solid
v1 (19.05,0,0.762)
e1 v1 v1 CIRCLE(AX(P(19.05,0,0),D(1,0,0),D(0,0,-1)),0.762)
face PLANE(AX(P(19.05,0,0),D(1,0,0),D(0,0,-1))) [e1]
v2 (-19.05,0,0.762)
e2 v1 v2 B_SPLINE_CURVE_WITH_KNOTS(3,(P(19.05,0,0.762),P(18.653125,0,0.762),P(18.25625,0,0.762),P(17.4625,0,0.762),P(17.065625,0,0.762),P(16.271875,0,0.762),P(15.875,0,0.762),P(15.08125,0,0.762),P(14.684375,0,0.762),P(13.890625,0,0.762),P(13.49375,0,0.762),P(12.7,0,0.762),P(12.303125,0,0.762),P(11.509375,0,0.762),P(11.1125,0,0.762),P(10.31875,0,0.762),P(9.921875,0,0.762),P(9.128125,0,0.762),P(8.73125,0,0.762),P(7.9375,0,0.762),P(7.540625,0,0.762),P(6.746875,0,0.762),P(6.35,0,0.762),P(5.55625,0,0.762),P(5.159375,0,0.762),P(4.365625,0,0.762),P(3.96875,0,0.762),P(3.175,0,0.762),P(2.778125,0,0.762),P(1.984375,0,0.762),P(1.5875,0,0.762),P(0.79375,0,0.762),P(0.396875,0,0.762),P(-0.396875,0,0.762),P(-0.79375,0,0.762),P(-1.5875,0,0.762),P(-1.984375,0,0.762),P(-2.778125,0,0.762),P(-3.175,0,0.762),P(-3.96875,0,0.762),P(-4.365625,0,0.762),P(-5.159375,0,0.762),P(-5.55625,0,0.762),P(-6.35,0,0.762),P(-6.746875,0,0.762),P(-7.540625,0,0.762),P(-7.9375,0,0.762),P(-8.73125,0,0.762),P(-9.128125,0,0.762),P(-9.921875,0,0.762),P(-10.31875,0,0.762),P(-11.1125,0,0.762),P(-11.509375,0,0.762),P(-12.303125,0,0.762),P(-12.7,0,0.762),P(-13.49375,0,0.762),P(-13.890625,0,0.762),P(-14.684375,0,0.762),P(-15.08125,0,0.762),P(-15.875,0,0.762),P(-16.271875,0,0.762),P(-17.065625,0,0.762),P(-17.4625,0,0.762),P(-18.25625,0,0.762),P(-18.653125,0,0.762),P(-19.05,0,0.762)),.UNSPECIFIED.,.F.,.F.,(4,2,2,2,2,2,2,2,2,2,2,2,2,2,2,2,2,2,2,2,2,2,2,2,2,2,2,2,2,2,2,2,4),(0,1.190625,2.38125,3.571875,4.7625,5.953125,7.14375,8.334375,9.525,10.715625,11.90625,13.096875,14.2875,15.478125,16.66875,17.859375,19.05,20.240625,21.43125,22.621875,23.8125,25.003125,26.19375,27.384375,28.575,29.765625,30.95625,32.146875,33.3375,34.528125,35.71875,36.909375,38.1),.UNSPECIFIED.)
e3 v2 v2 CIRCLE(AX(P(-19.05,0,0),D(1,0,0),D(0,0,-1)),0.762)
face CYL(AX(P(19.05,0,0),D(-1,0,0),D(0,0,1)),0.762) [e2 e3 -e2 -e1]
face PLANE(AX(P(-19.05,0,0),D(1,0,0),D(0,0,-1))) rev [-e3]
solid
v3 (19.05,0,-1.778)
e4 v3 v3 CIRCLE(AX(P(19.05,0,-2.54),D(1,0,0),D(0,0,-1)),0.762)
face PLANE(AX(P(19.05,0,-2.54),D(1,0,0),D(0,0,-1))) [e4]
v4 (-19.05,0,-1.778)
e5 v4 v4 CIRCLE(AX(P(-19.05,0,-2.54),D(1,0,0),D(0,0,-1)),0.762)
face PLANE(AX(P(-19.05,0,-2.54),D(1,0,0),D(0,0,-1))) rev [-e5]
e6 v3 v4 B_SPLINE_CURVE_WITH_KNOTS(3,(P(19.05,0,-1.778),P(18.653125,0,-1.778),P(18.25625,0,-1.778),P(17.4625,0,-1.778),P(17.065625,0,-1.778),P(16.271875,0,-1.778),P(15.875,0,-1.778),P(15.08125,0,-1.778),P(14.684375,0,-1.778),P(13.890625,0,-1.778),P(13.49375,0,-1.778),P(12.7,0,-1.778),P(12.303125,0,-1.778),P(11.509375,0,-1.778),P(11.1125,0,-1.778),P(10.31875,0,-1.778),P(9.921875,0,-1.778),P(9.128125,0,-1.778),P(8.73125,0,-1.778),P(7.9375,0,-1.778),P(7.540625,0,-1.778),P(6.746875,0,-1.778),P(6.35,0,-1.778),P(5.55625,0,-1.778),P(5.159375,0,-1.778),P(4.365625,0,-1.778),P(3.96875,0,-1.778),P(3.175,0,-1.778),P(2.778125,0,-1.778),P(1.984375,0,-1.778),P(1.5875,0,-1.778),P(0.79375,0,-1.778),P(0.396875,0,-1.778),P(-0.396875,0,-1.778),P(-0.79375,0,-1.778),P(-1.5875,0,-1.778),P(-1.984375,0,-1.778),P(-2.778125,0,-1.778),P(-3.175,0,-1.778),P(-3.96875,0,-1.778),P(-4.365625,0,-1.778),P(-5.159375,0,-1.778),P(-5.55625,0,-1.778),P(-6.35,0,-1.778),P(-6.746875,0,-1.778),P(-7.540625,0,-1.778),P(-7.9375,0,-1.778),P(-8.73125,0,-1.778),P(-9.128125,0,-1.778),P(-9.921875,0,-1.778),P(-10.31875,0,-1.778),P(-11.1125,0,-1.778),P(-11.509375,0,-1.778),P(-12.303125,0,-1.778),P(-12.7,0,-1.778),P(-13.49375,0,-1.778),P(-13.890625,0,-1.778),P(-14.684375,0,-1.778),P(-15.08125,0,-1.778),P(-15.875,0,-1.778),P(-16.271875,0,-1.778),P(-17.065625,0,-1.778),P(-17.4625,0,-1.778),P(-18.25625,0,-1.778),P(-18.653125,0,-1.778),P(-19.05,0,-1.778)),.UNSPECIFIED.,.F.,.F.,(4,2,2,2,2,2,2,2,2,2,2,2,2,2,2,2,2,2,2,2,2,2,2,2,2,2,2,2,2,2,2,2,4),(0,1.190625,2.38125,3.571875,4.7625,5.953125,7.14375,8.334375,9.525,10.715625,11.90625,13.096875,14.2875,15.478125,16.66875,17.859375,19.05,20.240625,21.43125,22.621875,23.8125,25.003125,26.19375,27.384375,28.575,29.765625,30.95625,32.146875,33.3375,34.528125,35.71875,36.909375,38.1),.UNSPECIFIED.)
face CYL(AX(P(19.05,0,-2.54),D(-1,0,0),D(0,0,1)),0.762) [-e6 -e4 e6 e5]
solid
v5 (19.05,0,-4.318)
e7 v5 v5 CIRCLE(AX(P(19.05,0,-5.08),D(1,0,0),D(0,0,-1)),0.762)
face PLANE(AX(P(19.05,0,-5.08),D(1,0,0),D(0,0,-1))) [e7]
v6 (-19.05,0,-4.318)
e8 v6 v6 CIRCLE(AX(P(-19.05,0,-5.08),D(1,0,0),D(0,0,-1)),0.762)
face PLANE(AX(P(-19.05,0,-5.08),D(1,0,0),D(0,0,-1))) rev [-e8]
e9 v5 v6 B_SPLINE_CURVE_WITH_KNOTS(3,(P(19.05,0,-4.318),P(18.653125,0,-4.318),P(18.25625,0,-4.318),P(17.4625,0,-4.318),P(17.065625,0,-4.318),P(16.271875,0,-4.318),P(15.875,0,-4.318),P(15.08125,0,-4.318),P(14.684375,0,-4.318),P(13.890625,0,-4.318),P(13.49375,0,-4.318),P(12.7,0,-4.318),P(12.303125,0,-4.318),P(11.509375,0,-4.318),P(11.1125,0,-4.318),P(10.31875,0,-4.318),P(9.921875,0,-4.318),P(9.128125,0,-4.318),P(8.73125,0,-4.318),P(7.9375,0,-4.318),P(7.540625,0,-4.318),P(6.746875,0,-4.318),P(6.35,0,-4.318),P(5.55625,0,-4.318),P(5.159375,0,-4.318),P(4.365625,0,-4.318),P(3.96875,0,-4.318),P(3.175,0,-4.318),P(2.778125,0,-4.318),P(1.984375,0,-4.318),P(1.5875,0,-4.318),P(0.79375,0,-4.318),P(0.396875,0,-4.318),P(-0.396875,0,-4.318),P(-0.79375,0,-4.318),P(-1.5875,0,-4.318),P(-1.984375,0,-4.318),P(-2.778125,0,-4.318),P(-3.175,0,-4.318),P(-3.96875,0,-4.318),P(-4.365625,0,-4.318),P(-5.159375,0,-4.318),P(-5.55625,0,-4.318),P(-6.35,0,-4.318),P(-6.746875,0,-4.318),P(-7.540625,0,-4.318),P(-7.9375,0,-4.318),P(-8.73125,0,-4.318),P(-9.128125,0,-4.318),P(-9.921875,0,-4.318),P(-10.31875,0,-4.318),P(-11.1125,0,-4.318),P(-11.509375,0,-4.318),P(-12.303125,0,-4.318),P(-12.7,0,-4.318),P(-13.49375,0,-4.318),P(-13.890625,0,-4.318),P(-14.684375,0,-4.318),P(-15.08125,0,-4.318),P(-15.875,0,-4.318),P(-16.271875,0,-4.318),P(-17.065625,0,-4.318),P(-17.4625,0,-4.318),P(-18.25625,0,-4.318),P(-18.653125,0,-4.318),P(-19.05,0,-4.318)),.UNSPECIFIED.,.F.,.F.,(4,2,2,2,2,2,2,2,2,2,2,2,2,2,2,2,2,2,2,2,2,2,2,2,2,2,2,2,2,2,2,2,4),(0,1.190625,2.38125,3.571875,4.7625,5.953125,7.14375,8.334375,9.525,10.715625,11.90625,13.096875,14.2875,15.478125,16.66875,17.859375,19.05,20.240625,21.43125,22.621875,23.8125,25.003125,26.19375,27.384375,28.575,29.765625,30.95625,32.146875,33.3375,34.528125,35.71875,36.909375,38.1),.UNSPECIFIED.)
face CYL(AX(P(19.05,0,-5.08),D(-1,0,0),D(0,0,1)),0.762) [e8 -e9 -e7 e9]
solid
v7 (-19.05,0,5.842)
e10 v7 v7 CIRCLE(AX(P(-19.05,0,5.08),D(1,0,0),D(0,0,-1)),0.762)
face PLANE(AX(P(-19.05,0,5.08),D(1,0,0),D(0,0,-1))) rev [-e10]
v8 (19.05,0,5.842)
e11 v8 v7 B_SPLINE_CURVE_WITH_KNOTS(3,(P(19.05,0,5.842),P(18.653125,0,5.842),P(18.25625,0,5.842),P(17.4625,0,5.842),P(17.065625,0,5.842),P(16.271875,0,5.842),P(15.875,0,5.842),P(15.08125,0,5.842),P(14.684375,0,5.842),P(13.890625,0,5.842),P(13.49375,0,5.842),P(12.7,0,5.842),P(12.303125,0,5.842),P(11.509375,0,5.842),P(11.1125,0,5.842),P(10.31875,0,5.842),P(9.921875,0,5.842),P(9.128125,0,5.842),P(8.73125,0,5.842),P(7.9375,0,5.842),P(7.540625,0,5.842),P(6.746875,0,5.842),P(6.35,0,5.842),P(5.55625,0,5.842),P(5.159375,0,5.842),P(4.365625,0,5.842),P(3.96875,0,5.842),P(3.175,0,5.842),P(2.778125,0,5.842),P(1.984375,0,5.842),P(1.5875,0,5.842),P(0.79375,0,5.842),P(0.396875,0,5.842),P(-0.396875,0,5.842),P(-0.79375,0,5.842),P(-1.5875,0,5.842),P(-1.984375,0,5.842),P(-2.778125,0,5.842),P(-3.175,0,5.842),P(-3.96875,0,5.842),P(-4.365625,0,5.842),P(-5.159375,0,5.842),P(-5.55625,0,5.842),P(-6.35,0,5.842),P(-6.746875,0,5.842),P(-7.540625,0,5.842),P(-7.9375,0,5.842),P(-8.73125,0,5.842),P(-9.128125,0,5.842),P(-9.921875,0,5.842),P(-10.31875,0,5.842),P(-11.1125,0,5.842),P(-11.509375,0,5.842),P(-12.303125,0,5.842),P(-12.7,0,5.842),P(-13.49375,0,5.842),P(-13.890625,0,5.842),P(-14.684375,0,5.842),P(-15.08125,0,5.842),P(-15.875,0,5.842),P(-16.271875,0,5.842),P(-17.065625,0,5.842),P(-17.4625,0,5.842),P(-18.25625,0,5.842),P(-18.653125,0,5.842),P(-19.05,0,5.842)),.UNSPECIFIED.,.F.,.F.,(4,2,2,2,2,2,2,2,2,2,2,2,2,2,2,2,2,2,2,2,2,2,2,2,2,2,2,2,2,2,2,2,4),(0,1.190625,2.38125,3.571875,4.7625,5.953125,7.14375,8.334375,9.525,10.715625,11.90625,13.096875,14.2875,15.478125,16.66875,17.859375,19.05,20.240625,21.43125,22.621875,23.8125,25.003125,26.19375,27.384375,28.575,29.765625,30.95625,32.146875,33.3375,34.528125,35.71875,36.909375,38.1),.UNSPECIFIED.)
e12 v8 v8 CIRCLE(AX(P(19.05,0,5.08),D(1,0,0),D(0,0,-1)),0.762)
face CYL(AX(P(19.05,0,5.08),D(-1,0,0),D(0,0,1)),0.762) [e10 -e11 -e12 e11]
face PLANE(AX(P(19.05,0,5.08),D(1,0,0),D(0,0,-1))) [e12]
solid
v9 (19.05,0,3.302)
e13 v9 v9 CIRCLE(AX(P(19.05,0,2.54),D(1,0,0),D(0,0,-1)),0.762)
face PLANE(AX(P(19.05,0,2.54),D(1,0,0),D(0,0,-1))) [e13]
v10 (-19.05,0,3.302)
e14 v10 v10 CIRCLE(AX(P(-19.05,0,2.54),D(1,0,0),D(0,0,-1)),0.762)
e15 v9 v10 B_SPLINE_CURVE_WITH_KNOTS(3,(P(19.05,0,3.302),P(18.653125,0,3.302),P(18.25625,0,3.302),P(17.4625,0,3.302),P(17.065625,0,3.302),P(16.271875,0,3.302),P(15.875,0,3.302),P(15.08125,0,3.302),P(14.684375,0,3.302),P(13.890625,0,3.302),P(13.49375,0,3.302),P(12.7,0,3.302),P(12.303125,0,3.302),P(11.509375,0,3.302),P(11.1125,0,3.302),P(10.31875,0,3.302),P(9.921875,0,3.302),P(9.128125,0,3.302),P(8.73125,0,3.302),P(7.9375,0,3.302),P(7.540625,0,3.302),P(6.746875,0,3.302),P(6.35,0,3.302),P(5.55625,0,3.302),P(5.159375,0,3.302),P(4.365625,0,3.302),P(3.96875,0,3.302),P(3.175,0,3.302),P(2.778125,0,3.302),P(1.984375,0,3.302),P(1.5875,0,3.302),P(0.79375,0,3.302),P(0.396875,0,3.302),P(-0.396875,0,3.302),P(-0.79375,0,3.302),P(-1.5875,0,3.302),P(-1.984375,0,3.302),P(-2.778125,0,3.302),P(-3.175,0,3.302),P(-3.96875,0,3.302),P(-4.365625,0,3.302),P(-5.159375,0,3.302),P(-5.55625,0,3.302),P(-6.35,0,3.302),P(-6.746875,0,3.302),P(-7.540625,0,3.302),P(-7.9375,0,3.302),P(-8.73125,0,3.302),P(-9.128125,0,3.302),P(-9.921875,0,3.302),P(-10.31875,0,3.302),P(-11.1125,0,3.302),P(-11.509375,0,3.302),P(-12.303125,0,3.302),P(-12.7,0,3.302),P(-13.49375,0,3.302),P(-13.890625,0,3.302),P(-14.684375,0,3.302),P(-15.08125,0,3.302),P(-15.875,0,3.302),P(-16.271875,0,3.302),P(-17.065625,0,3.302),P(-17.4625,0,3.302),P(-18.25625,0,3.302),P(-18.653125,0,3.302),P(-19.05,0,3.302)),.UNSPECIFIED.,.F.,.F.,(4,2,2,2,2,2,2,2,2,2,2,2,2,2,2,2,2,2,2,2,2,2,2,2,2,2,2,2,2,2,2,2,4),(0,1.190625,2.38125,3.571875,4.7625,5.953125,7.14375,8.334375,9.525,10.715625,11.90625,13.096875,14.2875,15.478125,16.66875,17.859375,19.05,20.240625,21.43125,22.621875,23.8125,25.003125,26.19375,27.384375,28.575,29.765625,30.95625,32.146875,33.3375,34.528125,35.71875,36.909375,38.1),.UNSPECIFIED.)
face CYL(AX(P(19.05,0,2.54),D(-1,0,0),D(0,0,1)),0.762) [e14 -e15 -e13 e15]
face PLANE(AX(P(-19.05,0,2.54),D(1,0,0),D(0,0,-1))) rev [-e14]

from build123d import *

# Parameters (mm, degrees)
SKETCH1_R             = 0.762
BOSS_EXTRUDE1_DEPTH   = 19.05
BOSS_EXTRUDE1_2_DEPTH = 19.05
BOSS_EXTRUDE1_3_DEPTH = 19.05
BOSS_EXTRUDE1_4_DEPTH = 19.05
BOSS_EXTRUDE1_5_DEPTH = 19.05


with BuildPart() as part:
    # Sketch1 → Boss-Extrude1 (new, symmetric)
    with BuildSketch(Plane(origin=(0, 0, 0), x_dir=(0, 0, -1), z_dir=(1, 0, 0))):
        with Locations(Location((0, 0, 0), (0, 0, 180))):
            Circle(SKETCH1_R)
    extrude(amount=BOSS_EXTRUDE1_DEPTH, both=True)


with BuildPart() as body_2:
    # Sketch1 → Boss-Extrude1 2 (new, symmetric)
    with BuildSketch(Plane(origin=(0, 0, 0), x_dir=(0, 0, -1), z_dir=(1, 0, 0))):
        with Locations(Location((-5.08, 0, 0), (0, 0, 180))):
            Circle(SKETCH1_R)
    extrude(amount=BOSS_EXTRUDE1_2_DEPTH, both=True)


with BuildPart() as body_3:
    # Sketch1 → Boss-Extrude1 3 (new, symmetric)
    with BuildSketch(Plane(origin=(0, 0, 0), x_dir=(0, 0, -1), z_dir=(1, 0, 0))):
        with Locations(Location((-2.54, 0, 0), (0, 0, 180))):
            Circle(SKETCH1_R)
    extrude(amount=BOSS_EXTRUDE1_3_DEPTH, both=True)


with BuildPart() as body_4:
    # Sketch1 → Boss-Extrude1 4 (new, symmetric)
    with BuildSketch(Plane(origin=(0, 0, 0), x_dir=(0, 0, -1), z_dir=(1, 0, 0))):
        with Locations(Location((2.54, 0, 0), (0, 0, 180))):
            Circle(SKETCH1_R)
    extrude(amount=BOSS_EXTRUDE1_4_DEPTH, both=True)


with BuildPart() as body_5:
    # Sketch1 → Boss-Extrude1 5 (new, symmetric)
    with BuildSketch(Plane(origin=(0, 0, 0), x_dir=(0, 0, -1), z_dir=(1, 0, 0))):
        with Locations(Location((5.08, 0, 0), (0, 0, 180))):
            Circle(SKETCH1_R)
    extrude(amount=BOSS_EXTRUDE1_5_DEPTH, both=True)


solid = Compound([part.part, body_2.part, body_3.part, body_4.part, body_5.part])
